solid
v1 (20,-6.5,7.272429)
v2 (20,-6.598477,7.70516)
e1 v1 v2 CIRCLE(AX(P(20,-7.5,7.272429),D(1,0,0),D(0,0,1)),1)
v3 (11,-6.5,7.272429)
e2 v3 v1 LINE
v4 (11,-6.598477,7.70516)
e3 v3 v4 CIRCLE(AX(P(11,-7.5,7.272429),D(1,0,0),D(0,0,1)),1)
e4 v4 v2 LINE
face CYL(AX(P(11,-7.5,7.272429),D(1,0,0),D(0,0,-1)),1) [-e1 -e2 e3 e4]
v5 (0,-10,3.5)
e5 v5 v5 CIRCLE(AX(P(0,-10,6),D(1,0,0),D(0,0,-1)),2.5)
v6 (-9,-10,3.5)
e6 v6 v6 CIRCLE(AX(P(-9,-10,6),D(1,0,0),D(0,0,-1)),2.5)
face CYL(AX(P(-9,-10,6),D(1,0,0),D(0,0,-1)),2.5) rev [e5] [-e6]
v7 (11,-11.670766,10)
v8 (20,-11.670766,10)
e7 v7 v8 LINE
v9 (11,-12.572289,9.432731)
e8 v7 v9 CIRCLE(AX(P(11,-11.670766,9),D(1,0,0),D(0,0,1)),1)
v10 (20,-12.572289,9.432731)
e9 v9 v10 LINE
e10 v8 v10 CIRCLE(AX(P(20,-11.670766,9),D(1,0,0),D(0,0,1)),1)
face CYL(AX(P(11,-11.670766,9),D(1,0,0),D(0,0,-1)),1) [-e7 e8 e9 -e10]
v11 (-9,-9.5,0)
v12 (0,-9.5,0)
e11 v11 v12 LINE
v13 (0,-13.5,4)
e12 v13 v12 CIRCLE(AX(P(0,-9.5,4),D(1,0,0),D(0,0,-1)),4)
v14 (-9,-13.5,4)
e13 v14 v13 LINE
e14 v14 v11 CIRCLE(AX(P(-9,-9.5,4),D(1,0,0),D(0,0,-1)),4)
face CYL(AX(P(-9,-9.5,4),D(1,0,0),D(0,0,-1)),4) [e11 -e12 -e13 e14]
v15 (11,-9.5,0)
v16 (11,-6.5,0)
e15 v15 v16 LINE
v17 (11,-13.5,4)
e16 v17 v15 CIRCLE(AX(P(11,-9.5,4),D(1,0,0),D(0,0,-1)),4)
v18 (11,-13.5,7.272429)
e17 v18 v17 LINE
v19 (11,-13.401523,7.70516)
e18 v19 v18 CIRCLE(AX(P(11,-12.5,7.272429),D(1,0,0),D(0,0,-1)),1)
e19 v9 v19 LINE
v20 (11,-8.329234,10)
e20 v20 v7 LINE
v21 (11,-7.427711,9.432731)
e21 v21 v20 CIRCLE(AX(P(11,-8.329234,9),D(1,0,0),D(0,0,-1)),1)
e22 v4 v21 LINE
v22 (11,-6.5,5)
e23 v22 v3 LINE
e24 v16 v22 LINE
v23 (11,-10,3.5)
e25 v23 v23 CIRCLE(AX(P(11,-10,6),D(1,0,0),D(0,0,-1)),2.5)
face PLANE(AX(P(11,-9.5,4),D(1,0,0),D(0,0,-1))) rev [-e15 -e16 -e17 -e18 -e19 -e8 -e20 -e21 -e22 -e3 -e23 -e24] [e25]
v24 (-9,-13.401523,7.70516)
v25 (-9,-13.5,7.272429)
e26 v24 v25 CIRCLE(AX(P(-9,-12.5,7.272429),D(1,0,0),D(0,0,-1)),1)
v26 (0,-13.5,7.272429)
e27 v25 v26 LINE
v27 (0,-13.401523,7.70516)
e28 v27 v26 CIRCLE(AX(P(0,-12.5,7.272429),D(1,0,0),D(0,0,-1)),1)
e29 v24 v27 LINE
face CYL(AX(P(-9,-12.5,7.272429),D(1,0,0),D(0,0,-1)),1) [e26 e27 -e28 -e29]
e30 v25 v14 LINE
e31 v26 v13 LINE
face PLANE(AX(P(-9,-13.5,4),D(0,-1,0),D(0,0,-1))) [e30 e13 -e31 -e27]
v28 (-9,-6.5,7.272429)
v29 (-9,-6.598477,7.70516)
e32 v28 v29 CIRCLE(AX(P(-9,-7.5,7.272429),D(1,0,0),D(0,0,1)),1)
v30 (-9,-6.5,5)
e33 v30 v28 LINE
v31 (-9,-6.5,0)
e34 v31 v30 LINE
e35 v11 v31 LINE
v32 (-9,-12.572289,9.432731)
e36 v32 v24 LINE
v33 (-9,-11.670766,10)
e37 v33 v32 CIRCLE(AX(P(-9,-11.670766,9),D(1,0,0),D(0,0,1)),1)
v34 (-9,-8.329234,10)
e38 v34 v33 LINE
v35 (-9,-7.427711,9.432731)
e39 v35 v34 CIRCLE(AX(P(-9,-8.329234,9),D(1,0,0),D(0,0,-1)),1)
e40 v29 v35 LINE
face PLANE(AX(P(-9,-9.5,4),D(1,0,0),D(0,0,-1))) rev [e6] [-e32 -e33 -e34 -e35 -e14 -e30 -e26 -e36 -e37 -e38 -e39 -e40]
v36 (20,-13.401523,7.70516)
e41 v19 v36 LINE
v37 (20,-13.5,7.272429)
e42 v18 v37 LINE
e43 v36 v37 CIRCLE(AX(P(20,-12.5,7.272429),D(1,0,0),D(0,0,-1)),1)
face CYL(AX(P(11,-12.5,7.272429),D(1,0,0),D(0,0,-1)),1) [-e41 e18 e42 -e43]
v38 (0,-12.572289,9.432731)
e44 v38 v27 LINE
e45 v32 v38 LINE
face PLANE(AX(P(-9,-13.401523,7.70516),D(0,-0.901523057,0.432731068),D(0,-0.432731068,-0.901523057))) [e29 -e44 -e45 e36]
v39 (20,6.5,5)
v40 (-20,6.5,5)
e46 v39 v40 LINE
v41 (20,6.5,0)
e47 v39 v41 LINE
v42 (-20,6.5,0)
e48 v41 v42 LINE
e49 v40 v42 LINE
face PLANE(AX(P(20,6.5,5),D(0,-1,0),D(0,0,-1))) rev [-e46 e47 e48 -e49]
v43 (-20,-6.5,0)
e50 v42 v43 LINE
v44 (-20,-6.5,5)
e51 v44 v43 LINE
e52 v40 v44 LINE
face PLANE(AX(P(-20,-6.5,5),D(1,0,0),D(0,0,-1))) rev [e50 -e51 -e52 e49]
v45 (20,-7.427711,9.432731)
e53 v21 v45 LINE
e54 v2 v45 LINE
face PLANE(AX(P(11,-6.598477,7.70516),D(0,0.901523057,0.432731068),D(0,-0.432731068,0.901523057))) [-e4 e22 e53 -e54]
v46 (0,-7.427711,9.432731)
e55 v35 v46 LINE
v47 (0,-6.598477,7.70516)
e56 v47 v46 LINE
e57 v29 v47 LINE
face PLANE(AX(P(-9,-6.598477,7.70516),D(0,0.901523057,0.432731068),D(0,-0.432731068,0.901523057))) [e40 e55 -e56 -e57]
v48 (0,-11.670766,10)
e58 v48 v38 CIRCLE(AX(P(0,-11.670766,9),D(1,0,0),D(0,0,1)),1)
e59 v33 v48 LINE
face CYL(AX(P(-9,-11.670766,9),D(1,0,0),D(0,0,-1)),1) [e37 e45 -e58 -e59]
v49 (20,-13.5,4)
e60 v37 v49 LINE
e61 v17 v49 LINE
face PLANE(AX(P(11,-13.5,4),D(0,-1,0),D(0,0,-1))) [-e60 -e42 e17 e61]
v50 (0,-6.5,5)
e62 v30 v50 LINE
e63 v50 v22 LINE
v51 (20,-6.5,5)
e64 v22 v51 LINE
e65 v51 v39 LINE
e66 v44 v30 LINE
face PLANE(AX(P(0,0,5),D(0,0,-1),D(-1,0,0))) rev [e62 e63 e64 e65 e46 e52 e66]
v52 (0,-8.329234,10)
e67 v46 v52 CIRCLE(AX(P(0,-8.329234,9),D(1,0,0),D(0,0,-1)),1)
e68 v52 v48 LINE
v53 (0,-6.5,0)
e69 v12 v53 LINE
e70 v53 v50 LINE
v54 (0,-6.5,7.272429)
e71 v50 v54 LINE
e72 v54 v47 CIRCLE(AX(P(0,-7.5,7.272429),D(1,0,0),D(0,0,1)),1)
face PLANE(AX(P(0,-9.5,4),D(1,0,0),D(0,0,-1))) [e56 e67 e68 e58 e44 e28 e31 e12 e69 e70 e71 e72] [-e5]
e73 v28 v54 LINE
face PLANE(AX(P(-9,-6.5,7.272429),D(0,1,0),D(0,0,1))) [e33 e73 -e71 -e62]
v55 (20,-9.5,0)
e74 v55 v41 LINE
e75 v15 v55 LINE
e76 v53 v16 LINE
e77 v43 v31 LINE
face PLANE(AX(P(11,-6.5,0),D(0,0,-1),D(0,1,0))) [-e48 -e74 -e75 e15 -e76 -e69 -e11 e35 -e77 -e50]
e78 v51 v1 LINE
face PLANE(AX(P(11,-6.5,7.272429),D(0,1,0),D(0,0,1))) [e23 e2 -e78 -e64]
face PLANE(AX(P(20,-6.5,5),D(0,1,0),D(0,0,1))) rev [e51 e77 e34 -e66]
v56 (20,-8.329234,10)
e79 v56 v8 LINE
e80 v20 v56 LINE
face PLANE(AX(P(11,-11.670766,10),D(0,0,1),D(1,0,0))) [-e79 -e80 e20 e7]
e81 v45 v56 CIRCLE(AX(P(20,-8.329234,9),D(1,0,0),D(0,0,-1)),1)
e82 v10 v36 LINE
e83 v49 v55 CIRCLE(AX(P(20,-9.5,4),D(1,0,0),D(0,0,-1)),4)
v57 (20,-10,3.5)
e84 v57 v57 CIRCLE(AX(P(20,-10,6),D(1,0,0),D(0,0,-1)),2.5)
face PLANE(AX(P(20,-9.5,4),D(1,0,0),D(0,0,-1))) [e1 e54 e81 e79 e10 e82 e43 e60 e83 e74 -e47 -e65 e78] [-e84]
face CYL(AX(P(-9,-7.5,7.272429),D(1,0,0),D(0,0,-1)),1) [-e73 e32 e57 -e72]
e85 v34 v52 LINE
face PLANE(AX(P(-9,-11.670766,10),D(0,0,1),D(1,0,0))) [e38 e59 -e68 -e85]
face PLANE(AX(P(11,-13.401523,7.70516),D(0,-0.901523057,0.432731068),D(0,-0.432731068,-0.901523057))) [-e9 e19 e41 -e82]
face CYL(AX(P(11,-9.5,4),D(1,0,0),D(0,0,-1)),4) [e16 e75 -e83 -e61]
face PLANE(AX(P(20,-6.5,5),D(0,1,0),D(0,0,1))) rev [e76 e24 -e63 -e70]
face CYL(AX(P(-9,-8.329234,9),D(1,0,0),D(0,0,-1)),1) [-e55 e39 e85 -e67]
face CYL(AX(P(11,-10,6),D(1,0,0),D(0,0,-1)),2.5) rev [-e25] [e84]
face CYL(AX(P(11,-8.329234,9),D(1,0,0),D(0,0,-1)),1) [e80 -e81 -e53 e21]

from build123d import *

# Parameters (mm, degrees)
SKETCH1_W           = 13
SKETCH1_H           = 40
BOSS_EXTRUDE1_DEPTH = 5
SKETCH2_R           = 2.5
BOSS_EXTRUDE2_DEPTH = 9
LPATTERN1_COUNT     = 2
LPATTERN1_PITCH     = 20


with BuildPart() as part:
    # Sketch1 → Boss-Extrude1 (new body)
    with BuildSketch(Plane(origin=(0, 0, 0), x_dir=(0, 1, 0), z_dir=(0, 0, 1))):
        Rectangle(SKETCH1_W, SKETCH1_H)
    extrude(amount=BOSS_EXTRUDE1_DEPTH)


with BuildPart() as body_2:
    # Sketch2 → Boss-Extrude2 (new body)
    with BuildSketch(Plane.YZ.offset(20)):
        with BuildLine():
            Line((-6.5, 0), (-9.5, 0))
            ThreePointArc((-9.5, 0), (-12.328427125, 1.171572875), (-13.5, 4))
            Line((-13.5, 4), (-13.5, 7.272429229))
            ThreePointArc((-13.5, 7.272429229), (-13.475070012, 7.494326663), (-13.401523057, 7.705160297))
            Line((-13.401523057, 7.705160297), (-12.572289088, 9.432731068))
            ThreePointArc((-12.572289088, 9.432731068), (-12.203339467, 9.846383798), (-11.67076603, 10))
            Line((-11.67076603, 10), (-8.32923397, 10))
            ThreePointArc((-8.32923397, 10), (-7.796660533, 9.846383798), (-7.427710912, 9.432731068))
            Line((-7.427710912, 9.432731068), (-6.598476943, 7.705160297))
            ThreePointArc((-6.598476943, 7.705160297), (-6.524929988, 7.494326663), (-6.5, 7.272429229))
            Line((-6.5, 7.272429229), (-6.5, 5))
            Line((-6.5, 5), (-6.5, 0))
        make_face()
        with Locations((-10, 6)):
            Circle(SKETCH2_R, mode=Mode.SUBTRACT)
    boss_extrude2 = extrude(amount=-BOSS_EXTRUDE2_DEPTH)


with BuildPart() as lpattern1_1:
    # LPattern1: Boss-Extrude2 ×2
    with Locations(*[(-i * LPATTERN1_PITCH, 0, 0) for i in range(1, LPATTERN1_COUNT)]):
        add(boss_extrude2)


with BuildPart() as body_2_1:
    add(body_2.part)

    # Combine1: union LPattern1_1, part
    add(lpattern1_1.part)
    add(part.part)


solid = body_2_1.part
